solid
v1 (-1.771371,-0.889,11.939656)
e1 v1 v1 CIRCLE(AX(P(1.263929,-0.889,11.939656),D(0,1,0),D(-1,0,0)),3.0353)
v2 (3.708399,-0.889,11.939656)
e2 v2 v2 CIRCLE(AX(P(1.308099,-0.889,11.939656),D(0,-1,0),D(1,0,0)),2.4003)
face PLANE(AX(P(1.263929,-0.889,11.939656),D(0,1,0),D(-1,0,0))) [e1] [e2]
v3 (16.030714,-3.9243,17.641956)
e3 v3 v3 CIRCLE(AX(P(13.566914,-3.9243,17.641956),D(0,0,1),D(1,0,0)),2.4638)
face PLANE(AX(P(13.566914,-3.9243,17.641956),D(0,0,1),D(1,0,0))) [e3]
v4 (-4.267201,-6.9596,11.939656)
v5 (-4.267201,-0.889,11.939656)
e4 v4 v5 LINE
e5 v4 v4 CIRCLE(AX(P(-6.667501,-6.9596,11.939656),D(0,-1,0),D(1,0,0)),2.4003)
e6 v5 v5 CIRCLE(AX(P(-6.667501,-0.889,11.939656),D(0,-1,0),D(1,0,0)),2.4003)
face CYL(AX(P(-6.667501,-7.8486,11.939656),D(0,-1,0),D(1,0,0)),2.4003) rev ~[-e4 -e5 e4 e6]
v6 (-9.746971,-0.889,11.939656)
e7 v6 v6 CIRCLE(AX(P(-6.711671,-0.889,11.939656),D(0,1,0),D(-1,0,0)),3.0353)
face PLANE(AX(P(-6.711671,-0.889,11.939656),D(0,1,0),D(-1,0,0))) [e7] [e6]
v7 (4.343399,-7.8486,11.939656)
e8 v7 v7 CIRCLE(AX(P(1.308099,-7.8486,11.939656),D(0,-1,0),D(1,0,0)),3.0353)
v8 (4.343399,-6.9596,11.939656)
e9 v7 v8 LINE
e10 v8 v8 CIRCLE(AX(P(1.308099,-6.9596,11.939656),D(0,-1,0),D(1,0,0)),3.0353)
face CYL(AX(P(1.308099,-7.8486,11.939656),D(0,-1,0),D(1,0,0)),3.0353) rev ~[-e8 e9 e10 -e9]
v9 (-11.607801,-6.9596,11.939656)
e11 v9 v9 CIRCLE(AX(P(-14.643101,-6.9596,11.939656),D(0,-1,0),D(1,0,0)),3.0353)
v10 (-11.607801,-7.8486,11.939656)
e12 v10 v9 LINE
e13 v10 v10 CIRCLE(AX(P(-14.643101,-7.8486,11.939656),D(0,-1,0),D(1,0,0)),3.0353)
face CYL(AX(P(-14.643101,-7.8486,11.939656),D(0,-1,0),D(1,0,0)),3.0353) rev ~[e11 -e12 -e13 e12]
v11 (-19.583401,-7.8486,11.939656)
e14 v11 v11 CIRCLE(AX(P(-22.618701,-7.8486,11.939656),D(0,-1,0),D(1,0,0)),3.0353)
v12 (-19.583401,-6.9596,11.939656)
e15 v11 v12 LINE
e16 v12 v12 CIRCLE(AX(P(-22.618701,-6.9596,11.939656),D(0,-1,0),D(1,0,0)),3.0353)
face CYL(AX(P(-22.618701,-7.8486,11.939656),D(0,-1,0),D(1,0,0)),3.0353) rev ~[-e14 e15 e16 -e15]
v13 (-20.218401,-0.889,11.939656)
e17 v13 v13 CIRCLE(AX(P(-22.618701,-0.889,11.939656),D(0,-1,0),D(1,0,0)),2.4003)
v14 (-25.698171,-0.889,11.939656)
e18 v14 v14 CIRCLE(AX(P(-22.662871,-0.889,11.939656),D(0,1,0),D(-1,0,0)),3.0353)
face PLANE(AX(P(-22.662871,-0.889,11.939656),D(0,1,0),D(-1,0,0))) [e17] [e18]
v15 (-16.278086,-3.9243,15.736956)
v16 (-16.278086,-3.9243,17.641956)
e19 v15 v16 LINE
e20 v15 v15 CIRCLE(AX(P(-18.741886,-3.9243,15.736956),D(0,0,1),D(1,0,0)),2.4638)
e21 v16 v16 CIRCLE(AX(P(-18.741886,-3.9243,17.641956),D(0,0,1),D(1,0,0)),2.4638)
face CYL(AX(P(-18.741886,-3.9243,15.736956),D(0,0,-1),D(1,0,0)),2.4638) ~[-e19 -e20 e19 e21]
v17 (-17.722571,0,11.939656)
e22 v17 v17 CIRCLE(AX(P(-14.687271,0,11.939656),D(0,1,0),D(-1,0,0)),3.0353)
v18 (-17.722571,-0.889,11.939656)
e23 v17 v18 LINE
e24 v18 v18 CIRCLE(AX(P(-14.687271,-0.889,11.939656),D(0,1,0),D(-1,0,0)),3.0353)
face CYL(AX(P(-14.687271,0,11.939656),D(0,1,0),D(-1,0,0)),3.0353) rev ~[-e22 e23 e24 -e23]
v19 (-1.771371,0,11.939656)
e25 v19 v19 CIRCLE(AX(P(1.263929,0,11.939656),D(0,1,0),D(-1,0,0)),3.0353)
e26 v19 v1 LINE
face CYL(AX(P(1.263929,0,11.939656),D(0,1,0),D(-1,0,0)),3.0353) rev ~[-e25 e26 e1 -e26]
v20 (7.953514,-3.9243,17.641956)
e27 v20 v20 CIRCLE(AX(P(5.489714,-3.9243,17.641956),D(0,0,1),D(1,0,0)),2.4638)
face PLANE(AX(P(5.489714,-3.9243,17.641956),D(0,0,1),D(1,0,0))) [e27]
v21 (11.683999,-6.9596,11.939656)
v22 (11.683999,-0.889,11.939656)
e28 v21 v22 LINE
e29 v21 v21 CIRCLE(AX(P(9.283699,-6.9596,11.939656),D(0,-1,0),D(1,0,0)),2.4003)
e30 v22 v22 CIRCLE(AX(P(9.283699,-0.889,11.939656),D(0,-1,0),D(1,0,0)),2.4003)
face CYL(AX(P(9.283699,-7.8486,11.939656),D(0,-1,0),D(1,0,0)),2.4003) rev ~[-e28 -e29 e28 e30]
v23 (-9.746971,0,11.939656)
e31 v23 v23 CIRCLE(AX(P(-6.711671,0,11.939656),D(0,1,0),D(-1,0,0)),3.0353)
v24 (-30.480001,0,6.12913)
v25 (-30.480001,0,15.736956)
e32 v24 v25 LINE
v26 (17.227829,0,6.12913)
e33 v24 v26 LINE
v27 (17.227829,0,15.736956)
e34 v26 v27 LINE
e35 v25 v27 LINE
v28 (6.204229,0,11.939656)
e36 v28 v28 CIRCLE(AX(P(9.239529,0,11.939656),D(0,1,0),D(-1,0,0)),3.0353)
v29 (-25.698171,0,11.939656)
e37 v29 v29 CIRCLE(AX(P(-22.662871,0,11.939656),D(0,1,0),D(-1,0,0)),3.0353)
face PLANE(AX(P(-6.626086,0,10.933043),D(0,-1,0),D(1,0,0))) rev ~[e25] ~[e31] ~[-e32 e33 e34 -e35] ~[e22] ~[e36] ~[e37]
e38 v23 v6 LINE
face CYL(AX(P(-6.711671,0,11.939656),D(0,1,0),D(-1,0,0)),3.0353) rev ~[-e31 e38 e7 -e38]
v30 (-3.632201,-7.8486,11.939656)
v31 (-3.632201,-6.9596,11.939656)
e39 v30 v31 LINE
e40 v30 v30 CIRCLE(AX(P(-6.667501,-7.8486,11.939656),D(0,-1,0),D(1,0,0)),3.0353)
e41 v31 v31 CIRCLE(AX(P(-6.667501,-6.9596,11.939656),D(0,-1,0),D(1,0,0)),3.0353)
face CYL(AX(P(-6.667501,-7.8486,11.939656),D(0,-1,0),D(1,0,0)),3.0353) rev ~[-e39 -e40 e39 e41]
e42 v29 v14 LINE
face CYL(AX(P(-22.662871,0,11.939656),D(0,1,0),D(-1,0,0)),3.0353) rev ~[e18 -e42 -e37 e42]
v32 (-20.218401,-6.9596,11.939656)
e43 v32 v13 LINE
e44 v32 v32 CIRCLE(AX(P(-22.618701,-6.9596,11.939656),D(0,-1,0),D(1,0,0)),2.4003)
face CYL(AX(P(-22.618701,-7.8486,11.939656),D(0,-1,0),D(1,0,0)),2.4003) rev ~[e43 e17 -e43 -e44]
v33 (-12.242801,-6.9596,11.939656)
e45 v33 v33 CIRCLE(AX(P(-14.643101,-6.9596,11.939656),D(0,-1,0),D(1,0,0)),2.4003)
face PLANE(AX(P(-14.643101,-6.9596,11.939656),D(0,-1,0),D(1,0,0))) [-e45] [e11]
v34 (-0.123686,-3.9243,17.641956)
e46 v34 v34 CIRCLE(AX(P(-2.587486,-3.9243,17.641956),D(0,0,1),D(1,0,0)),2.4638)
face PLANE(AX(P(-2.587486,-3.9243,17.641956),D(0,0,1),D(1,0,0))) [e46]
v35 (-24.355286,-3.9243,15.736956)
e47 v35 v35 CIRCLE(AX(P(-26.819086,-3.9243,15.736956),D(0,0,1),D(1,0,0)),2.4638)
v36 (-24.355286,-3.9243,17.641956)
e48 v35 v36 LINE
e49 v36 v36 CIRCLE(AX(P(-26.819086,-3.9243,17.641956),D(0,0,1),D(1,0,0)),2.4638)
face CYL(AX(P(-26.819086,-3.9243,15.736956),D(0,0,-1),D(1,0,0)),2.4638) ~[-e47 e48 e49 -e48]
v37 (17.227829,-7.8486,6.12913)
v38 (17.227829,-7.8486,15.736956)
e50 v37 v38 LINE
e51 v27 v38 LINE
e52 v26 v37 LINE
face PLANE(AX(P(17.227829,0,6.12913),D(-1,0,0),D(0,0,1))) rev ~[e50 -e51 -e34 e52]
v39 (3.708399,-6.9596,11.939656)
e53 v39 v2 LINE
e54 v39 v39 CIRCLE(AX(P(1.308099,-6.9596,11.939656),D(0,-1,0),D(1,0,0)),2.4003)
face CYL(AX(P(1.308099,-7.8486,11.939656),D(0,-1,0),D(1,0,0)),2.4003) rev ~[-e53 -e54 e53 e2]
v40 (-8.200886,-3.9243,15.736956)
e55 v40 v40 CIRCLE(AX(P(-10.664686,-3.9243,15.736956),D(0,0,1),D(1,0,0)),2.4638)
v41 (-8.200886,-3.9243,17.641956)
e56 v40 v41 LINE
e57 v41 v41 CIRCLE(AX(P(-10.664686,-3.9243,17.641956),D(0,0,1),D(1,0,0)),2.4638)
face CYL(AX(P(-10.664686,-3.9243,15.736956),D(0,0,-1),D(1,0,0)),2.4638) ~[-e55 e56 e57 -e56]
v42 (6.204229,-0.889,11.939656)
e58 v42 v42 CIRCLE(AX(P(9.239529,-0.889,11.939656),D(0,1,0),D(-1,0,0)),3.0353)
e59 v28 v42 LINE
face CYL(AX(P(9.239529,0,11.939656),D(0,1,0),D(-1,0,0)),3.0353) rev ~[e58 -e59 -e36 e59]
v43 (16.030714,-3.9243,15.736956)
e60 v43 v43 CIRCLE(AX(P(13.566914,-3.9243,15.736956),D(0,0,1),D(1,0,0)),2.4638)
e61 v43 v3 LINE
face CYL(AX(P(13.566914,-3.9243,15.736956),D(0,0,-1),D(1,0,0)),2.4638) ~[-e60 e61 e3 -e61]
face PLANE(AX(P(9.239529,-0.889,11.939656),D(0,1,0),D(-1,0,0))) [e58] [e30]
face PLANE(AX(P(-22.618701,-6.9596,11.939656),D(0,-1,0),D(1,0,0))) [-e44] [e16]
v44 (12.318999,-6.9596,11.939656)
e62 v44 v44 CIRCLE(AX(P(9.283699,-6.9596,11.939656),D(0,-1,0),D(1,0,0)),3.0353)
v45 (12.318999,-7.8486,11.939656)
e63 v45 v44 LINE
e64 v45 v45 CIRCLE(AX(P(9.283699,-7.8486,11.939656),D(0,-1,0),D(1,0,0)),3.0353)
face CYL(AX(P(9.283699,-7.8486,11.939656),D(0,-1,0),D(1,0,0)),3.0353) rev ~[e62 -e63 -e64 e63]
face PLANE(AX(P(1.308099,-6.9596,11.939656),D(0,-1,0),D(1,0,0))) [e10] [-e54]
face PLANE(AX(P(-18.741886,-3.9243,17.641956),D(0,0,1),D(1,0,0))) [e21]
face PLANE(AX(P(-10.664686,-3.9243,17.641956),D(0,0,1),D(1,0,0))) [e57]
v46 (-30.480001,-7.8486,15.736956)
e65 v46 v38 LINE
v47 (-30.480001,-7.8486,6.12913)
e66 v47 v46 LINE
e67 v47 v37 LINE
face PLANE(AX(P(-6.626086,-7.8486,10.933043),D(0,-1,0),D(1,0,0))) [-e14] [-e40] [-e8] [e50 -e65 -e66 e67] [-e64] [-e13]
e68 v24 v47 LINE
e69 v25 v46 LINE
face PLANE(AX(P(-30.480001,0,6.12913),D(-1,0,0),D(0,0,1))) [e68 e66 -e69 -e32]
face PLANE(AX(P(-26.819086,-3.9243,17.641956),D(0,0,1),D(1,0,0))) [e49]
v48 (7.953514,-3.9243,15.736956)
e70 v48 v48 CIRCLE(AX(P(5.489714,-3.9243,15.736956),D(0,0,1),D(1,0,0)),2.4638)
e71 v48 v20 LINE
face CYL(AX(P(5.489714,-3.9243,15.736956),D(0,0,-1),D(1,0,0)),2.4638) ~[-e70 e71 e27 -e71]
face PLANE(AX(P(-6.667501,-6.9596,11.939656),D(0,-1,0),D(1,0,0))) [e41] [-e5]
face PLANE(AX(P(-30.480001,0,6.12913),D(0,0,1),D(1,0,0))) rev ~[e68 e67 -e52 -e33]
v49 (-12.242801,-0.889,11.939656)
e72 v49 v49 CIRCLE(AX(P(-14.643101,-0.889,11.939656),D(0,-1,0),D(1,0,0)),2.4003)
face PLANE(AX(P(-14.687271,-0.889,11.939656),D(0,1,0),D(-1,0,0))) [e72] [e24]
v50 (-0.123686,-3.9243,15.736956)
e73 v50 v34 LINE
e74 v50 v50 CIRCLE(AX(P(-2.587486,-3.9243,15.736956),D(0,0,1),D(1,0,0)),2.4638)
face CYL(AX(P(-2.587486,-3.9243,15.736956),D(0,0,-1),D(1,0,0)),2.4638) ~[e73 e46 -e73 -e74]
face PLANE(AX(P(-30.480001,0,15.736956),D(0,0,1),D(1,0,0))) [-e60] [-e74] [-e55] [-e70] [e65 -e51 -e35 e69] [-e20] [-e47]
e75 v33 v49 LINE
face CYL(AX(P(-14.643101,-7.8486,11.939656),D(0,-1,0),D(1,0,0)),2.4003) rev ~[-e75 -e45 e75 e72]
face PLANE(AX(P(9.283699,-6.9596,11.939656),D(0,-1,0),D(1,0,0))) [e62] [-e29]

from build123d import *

# Parameters (mm, degrees)
F0_W     = 47.70783
F0_H     = 9.607826
F1_DEPTH = 7.8486
F2_R     = 3.0353
F3_DEPTH = 0.889
F4_R     = 3.0353
F5_DEPTH = 0.889
F6_R     = 2.4003
F7_DEPTH = 7.8496
F8_R     = 2.4638
F9_DEPTH = 1.905


with BuildPart() as f1:
    # F0 (on Front) → F1 (new body)
    with BuildSketch(Plane.XZ):
        with Locations((-6.626086, 10.933043)):
            Rectangle(F0_W, F0_H)
    extrude(amount=F1_DEPTH)

    # F2 (on face) → F3 (cut)
    with BuildSketch(Plane.XZ.offset(7.8486)):
        with Locations((-22.618701, 11.939656)):
            Circle(F2_R)
        with Locations((-14.643101, 11.939656)):
            Circle(F2_R)
        with Locations((-6.667501, 11.939656)):
            Circle(F2_R)
        with Locations((1.308099, 11.939656)):
            Circle(F2_R)
        with Locations((9.283699, 11.939656)):
            Circle(F2_R)
    extrude(amount=-F3_DEPTH, mode=Mode.SUBTRACT)

    # F4 (on face) → F5 (cut)
    with BuildSketch(Plane(origin=(0, 0, 0), x_dir=(-1, 0, 0), z_dir=(0, 1, 0))):
        with Locations((-9.239529, 11.939656)):
            Circle(F4_R)
        with Locations((-1.263929, 11.939656)):
            Circle(F4_R)
        with Locations((6.711671, 11.939656)):
            Circle(F4_R)
        with Locations((14.687271, 11.939656)):
            Circle(F4_R)
        with Locations((22.662871, 11.939656)):
            Circle(F4_R)
    extrude(amount=-F5_DEPTH, mode=Mode.SUBTRACT)

    # F6 (on face) → F7 (cut, through all)
    with BuildSketch(Plane.XZ.offset(7.8486)):
        with Locations((-22.618701, 11.939656)):
            Circle(F6_R)
        with Locations((-14.643101, 11.939656)):
            Circle(F6_R)
        with Locations((-6.667501, 11.939656)):
            Circle(F6_R)
        with Locations((1.308099, 11.939656)):
            Circle(F6_R)
        with Locations((9.283699, 11.939656)):
            Circle(F6_R)
    extrude(amount=-F7_DEPTH, mode=Mode.SUBTRACT)

    # F8 (on face) → F9 (join)
    with BuildSketch(Plane.XY.offset(15.736956)):
        with Locations((-26.819086, -3.9243)):
            Circle(F8_R)
        with Locations((-18.741886, -3.9243)):
            Circle(F8_R)
        with Locations((-10.664686, -3.9243)):
            Circle(F8_R)
        with Locations((-2.587486, -3.9243)):
            Circle(F8_R)
        with Locations((5.489714, -3.9243)):
            Circle(F8_R)
        with Locations((13.566914, -3.9243)):
            Circle(F8_R)
    extrude(amount=F9_DEPTH)


solid = f1.part
